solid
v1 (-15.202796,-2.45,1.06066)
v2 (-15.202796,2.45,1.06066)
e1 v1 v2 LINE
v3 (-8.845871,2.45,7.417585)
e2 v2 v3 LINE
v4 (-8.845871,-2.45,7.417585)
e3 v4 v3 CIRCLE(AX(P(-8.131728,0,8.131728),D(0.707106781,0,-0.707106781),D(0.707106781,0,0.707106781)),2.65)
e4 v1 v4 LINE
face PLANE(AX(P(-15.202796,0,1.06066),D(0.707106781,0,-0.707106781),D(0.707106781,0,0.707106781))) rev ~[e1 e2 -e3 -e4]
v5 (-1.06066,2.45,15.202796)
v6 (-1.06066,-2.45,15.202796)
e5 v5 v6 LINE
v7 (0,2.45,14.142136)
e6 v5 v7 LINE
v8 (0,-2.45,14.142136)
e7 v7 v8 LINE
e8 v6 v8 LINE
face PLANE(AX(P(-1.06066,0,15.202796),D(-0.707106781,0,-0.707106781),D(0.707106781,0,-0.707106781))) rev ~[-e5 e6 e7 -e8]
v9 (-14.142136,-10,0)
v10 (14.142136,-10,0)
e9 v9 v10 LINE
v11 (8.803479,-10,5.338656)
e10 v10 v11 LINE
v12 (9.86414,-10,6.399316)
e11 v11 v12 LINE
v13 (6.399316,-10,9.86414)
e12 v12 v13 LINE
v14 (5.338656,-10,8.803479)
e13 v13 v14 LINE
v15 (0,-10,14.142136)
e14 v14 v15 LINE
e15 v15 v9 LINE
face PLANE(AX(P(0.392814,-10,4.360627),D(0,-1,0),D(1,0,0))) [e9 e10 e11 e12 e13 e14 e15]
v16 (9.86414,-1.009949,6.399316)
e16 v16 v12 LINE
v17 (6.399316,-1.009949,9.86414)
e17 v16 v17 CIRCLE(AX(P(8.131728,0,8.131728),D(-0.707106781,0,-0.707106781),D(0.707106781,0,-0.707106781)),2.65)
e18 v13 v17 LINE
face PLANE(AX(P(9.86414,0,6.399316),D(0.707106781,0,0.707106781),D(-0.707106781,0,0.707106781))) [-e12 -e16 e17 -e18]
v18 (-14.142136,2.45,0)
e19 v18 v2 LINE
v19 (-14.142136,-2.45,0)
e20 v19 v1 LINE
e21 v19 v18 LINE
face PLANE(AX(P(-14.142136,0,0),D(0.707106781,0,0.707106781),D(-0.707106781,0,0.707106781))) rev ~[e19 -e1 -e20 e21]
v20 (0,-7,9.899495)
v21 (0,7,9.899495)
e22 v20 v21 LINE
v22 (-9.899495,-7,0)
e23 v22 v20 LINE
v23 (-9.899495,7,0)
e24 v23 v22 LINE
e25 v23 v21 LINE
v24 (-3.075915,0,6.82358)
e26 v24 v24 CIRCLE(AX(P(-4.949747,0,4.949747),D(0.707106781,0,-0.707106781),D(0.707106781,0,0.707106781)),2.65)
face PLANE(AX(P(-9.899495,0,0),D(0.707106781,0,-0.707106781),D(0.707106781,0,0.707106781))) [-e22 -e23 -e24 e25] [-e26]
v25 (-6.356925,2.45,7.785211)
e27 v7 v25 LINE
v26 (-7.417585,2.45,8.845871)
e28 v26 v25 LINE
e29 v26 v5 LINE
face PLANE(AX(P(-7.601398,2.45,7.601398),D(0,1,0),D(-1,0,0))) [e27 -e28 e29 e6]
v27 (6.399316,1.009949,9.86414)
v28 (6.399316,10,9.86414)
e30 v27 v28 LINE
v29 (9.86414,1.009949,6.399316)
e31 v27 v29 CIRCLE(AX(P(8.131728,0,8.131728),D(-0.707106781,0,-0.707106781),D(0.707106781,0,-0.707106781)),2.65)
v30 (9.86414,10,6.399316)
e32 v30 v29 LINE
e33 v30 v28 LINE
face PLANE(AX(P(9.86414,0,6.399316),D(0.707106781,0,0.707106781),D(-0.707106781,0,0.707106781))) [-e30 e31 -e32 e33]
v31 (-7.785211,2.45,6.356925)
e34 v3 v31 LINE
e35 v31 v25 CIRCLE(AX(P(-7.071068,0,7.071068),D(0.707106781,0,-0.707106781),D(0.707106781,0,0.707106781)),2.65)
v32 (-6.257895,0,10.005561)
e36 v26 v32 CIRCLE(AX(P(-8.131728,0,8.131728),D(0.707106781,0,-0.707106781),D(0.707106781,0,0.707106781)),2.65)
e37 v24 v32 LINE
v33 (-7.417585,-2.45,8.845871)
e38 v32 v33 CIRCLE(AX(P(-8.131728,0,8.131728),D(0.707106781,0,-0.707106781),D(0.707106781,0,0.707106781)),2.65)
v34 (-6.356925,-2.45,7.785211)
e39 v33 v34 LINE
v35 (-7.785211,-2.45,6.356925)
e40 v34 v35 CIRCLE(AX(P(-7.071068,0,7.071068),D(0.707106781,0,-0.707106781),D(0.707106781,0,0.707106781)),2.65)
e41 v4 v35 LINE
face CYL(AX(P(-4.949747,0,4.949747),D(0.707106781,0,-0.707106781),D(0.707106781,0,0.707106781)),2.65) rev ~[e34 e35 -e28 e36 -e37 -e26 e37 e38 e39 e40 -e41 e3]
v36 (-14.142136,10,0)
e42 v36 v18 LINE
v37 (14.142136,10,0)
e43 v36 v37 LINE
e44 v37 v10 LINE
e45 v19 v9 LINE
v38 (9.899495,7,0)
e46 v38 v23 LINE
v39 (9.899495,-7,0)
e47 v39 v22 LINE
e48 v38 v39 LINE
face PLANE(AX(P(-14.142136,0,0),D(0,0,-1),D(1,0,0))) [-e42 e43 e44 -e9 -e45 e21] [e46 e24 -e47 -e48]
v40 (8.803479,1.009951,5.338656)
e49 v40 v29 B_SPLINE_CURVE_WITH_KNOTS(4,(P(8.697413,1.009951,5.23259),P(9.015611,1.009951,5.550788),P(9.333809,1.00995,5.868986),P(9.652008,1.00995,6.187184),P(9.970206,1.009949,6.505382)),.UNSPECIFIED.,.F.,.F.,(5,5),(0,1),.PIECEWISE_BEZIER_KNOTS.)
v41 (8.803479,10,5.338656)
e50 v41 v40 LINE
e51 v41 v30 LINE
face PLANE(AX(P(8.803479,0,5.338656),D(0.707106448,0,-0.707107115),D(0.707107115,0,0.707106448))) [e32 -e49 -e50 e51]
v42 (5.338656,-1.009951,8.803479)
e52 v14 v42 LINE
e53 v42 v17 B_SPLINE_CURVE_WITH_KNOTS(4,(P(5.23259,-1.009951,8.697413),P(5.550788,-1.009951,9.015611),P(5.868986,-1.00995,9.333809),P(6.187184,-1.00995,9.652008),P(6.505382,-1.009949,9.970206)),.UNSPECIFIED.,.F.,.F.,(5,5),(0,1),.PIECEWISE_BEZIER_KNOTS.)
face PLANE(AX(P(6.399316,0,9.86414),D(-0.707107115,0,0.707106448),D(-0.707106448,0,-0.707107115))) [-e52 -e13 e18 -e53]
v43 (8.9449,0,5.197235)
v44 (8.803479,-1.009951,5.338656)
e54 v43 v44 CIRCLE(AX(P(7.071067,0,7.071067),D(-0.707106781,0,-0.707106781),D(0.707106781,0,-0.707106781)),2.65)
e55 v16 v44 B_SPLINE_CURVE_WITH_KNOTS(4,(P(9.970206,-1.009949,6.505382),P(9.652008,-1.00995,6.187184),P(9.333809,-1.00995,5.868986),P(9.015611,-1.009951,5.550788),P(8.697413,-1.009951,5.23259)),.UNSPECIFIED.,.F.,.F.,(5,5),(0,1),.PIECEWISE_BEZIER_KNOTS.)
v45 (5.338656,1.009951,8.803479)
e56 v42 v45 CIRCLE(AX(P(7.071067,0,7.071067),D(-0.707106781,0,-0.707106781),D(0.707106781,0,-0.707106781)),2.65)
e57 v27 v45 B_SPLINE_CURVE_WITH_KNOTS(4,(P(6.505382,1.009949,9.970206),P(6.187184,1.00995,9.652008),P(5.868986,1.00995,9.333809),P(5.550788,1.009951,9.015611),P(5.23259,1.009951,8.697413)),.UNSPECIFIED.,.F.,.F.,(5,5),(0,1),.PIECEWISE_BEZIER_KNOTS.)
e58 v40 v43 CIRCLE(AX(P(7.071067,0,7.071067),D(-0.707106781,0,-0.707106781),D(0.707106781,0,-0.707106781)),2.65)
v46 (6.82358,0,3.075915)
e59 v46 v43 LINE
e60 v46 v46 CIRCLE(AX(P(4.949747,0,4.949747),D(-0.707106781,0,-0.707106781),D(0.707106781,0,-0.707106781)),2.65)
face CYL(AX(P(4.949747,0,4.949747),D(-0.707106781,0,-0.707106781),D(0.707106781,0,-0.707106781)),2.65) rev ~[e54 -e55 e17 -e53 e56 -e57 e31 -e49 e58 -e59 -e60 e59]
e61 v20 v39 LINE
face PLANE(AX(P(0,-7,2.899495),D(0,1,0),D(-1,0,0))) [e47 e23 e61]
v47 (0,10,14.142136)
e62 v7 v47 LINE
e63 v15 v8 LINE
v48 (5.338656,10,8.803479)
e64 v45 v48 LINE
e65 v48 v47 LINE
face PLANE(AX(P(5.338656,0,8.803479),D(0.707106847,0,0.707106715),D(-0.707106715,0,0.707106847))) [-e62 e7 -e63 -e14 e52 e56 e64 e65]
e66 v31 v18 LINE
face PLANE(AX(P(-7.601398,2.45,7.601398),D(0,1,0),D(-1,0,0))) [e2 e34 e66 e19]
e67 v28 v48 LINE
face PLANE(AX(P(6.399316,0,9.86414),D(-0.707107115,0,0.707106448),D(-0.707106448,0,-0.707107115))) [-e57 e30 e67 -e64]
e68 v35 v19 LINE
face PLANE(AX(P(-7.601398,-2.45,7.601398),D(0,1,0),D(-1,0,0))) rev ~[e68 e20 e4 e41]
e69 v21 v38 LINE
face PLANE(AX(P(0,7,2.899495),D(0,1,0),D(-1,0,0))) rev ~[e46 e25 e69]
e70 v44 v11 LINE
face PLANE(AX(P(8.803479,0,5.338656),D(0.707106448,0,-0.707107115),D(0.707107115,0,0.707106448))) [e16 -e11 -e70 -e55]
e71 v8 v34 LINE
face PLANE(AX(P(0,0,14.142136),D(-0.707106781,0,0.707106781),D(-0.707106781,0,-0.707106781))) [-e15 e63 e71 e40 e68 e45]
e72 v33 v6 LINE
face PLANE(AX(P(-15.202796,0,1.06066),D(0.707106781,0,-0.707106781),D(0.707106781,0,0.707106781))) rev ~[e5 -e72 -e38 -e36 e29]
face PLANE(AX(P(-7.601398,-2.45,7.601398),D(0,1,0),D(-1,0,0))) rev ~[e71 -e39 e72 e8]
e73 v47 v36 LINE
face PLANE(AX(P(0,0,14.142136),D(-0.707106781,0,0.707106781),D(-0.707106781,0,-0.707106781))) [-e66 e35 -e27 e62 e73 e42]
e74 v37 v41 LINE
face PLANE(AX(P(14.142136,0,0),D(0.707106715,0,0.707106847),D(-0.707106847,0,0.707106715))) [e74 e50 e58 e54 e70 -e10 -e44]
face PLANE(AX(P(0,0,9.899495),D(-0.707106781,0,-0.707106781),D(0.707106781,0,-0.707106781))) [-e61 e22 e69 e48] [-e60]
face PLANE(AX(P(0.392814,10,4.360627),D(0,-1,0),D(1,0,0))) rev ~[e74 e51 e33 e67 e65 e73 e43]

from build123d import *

# Parameters (mm, degrees)
PAD_DEPTH       = 10
PAD001_DEPTH    = 2.45
POCKET_DEPTH    = 7
SKETCH003_R     = 2.65
POCKET001_DEPTH = 13.751
SKETCH004_R     = 2.65
POCKET002_DEPTH = 5


with BuildPart() as part:
    # Sketch → Pad (new body, symmetric)
    with BuildSketch(Plane.XZ):
        Polygon((0, 14.142136), (-14.142136, 0), (14.142136, 0), (8.803479, 5.338656), (9.86414, 6.399316), (6.399316, 9.86414), (5.338656, 8.803479), align=None)
    extrude(amount=PAD_DEPTH, both=True)

    # Sketch001 → Pad001 (join, symmetric)
    with BuildSketch(Plane.XZ):
        Polygon((0, 14.142136), (-14.142136, 0), (-15.202796, 1.06066), (-1.06066, 15.202796), align=None)
    extrude(amount=PAD001_DEPTH, both=True)

    # Sketch002 → Pocket (cut, symmetric)
    with BuildSketch(Plane.XZ):
        Polygon((-9.899495, 0), (0, 9.899495), (9.899495, 0), align=None)
    extrude(amount=POCKET_DEPTH, both=True, mode=Mode.SUBTRACT)

    # Sketch003 (on Face13 of Pocket) → Pocket001 (cut, through all)
    with BuildSketch(Plane(origin=(4.949747, 0, 4.949747), x_dir=(0.707107, 0, -0.707107), z_dir=(-0.707107, 0, -0.707107))):
        Circle(SKETCH003_R)
    extrude(amount=-POCKET001_DEPTH, mode=Mode.SUBTRACT)

    # Sketch004 (on Face22 of Pocket001) → Pocket002 (cut)
    with BuildSketch(Plane(origin=(-4.949747, 0, 4.949747), x_dir=(0.707107, 0, 0.707107), z_dir=(0.707107, 0, -0.707107))):
        Circle(SKETCH004_R)
    extrude(amount=-POCKET002_DEPTH, mode=Mode.SUBTRACT)


solid = part.part
